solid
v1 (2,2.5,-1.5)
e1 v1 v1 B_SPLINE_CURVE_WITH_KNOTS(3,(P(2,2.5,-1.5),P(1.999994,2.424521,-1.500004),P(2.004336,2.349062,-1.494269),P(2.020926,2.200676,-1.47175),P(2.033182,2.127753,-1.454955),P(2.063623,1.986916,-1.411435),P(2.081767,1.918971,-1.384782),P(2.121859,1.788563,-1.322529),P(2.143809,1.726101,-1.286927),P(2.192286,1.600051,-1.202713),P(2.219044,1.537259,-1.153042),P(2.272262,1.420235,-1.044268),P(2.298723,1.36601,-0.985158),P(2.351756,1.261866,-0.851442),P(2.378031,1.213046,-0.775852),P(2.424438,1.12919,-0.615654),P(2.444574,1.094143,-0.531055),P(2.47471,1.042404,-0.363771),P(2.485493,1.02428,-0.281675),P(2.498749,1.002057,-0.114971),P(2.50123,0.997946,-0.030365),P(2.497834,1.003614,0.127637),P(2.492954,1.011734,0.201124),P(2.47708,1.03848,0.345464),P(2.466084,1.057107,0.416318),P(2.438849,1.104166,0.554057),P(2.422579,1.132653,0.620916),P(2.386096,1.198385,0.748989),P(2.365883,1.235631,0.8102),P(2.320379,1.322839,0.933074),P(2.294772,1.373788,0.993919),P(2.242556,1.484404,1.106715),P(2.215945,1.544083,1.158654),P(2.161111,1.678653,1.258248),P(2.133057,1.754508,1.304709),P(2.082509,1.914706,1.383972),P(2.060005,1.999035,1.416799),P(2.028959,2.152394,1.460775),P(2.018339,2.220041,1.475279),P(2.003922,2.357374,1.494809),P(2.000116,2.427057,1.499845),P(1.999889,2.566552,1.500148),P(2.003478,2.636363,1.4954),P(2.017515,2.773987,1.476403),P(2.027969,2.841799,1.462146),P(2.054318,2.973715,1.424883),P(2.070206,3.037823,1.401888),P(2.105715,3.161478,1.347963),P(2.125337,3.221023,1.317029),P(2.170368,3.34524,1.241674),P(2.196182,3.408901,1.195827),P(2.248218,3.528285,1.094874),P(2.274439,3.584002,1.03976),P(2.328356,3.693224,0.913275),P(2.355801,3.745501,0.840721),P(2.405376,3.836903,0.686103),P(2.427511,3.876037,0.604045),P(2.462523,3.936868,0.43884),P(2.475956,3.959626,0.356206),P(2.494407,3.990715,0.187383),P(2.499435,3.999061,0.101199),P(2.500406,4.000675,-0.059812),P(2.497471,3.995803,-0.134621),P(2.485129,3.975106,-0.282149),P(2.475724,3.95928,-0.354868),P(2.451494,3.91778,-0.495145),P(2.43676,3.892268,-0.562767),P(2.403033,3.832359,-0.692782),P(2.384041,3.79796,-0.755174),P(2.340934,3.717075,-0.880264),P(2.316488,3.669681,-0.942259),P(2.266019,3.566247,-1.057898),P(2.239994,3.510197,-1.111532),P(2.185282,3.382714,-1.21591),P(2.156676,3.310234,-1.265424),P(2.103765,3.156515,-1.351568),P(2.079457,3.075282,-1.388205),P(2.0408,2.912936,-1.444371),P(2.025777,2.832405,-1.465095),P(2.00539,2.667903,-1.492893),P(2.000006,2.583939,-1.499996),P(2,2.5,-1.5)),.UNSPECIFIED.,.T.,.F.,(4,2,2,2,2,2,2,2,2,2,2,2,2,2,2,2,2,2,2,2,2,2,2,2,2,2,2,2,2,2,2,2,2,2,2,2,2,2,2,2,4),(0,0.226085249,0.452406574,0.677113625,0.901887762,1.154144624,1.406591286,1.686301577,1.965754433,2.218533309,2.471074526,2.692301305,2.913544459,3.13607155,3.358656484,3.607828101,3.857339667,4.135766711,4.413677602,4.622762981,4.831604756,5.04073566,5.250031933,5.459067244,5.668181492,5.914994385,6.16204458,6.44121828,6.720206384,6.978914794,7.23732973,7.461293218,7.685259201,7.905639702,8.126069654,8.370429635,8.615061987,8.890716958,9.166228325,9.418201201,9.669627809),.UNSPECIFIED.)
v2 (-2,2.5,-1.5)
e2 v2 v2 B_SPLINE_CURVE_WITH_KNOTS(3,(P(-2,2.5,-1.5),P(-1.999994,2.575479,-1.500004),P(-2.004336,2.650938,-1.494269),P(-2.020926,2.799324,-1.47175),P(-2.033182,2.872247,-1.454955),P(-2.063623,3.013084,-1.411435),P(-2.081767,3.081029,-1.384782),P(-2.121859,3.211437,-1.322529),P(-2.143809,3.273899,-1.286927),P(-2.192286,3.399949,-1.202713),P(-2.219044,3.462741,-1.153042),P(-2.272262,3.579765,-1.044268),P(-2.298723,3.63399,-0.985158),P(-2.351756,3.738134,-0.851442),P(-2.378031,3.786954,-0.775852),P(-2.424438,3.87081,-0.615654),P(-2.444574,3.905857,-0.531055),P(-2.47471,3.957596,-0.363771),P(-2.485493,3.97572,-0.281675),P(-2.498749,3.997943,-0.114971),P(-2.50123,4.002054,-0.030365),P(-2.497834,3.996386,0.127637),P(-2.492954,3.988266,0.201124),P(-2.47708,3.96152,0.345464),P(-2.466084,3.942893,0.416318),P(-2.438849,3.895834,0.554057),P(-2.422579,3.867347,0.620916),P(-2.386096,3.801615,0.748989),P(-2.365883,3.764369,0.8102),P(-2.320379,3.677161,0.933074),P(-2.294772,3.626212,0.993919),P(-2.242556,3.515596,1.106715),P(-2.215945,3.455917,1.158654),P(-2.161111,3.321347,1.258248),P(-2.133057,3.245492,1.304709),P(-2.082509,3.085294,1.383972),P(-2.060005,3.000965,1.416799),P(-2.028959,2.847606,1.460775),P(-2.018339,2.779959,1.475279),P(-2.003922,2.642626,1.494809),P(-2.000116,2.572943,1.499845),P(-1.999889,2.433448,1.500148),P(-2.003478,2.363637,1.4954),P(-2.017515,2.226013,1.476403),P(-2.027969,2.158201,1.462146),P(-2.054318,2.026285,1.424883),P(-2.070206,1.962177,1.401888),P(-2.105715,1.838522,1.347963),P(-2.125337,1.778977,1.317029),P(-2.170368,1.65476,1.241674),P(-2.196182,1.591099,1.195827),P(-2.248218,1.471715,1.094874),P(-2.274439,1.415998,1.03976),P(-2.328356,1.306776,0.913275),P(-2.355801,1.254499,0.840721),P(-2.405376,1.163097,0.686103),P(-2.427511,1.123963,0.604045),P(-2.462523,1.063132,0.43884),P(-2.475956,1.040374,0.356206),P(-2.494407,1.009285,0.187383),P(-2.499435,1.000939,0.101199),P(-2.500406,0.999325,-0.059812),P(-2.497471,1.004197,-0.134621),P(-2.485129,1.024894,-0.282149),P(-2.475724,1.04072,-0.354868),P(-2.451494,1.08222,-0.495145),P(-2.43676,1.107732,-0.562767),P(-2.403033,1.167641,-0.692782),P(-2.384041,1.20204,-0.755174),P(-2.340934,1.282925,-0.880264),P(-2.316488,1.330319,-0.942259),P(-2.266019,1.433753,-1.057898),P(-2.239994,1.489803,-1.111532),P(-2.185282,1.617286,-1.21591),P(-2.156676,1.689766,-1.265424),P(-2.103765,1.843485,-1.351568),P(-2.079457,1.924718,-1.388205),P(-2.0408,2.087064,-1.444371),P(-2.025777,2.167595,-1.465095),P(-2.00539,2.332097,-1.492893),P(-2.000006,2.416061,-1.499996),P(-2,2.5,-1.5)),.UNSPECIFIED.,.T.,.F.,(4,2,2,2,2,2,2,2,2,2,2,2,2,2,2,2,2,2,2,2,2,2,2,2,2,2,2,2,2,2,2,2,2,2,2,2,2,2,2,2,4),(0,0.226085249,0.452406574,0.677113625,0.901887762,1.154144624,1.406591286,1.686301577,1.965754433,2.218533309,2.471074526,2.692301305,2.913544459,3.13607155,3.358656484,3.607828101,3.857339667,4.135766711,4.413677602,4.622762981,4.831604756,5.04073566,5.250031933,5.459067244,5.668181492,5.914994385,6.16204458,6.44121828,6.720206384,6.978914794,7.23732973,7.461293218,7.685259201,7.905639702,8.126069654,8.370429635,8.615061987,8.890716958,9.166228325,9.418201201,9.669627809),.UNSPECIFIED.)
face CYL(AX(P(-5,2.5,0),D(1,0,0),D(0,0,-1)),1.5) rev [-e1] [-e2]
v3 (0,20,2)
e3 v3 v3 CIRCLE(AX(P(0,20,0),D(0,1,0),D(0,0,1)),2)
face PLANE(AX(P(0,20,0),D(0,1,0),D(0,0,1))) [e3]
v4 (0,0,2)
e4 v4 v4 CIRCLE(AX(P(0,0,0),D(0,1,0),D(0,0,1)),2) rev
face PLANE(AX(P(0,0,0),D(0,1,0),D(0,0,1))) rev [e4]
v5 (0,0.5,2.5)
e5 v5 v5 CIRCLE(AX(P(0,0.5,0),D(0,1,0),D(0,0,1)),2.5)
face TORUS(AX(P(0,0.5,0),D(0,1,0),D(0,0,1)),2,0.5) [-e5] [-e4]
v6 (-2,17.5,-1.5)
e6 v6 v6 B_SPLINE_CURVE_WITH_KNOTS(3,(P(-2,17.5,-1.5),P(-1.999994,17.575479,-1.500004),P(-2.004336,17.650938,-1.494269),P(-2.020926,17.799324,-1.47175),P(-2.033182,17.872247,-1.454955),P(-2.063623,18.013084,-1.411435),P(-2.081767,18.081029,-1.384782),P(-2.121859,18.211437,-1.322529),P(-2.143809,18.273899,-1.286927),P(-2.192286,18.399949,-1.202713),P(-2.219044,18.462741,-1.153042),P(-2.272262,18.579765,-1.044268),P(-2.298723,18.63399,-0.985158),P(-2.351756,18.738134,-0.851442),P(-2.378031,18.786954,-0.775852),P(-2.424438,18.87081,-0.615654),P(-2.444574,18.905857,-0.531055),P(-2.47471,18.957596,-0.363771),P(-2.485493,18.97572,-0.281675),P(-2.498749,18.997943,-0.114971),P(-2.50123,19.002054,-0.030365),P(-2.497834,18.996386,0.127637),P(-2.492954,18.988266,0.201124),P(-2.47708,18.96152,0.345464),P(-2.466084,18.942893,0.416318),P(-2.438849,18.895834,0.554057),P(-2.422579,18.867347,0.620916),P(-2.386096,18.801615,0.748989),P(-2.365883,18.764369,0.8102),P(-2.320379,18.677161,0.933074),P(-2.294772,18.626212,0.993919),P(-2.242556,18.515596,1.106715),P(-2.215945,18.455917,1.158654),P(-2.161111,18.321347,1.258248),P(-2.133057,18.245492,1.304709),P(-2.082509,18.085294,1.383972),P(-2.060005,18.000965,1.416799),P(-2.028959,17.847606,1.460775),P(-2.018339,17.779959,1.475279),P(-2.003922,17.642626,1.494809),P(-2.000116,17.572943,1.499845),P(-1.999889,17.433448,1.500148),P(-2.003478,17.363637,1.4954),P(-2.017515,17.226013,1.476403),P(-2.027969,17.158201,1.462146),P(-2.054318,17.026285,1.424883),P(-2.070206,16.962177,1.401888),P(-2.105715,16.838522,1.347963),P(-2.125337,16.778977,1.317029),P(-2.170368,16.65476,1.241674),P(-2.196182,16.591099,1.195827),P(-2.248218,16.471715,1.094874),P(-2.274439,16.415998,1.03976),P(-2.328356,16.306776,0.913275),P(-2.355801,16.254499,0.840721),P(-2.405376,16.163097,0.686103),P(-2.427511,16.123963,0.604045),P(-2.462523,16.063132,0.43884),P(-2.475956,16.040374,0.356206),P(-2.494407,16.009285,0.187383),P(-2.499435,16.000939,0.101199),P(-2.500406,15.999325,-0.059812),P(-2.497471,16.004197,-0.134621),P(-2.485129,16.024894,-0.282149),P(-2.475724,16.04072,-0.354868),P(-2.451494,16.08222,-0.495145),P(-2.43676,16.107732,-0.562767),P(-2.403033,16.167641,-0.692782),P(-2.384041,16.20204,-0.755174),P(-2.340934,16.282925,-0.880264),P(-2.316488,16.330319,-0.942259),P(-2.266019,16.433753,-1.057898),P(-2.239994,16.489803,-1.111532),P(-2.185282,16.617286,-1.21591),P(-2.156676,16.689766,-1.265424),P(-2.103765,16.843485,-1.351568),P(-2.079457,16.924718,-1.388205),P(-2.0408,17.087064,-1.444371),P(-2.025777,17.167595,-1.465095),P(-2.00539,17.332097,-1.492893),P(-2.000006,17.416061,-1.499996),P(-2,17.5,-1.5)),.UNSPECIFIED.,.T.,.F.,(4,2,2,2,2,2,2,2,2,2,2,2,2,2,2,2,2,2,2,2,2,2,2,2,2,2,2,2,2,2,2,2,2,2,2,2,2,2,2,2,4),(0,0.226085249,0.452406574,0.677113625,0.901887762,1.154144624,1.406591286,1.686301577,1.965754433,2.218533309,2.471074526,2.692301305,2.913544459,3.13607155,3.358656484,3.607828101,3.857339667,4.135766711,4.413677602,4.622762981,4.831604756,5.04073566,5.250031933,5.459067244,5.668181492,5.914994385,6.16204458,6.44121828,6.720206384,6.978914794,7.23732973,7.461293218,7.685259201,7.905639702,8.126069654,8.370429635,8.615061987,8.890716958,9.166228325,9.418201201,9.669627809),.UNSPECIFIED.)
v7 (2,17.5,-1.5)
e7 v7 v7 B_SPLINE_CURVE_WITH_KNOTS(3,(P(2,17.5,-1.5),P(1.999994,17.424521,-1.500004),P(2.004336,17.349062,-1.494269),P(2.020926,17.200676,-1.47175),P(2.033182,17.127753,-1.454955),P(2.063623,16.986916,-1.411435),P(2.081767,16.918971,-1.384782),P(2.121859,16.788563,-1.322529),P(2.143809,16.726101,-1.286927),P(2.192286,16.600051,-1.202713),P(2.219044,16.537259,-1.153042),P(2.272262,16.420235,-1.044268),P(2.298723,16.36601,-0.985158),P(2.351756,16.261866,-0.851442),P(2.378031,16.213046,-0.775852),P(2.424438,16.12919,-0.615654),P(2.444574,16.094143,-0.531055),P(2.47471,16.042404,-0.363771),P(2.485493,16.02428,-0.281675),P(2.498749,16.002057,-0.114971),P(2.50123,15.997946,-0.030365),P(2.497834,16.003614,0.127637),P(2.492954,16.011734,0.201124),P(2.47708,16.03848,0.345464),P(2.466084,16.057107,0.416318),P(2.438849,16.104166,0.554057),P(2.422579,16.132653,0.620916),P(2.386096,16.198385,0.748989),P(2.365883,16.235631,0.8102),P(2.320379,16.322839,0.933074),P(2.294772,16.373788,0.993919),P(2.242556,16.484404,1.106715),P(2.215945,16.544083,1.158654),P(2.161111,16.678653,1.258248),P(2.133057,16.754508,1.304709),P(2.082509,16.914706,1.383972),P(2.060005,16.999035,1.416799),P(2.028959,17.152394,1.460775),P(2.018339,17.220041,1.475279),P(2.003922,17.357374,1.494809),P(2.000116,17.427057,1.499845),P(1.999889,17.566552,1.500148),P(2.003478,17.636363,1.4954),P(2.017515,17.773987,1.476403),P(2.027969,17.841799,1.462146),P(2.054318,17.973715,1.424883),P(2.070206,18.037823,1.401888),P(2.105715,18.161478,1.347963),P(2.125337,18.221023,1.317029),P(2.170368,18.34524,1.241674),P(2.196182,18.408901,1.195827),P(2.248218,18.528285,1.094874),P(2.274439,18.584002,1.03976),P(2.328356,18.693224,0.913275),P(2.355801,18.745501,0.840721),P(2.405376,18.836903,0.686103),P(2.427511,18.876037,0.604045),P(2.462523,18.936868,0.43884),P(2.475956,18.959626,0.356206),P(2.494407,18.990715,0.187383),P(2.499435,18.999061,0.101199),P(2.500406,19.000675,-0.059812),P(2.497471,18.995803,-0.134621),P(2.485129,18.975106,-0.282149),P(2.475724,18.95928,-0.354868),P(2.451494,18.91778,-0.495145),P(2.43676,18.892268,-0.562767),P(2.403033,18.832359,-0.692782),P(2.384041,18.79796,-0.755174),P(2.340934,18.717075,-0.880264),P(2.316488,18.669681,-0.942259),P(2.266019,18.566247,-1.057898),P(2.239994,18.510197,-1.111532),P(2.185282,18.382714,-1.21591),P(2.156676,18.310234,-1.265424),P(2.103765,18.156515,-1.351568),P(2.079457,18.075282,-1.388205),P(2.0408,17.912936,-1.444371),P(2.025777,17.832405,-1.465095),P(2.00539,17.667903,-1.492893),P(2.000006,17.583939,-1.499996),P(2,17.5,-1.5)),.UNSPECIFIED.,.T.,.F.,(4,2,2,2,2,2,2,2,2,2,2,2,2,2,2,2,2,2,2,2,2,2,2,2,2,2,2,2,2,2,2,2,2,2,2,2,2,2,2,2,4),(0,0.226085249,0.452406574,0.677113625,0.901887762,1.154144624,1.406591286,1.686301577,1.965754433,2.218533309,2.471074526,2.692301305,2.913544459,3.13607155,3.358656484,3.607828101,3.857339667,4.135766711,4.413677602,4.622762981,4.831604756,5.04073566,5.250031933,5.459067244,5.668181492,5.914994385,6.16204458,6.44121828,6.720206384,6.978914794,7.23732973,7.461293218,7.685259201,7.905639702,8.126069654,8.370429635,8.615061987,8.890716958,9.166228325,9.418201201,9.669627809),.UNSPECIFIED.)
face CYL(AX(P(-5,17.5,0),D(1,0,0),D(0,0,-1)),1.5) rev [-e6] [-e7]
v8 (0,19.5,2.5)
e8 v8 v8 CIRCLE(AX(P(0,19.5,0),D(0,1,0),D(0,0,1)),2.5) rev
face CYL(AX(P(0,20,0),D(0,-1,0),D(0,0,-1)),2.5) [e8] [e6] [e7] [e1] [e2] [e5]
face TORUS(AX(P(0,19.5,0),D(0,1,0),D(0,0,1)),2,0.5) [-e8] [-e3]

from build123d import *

# Parameters (mm, degrees)
SKETCH1_R           = 2.5
BOSS_EXTRUDE1_DEPTH = 20
SKETCH2_R           = 1.5
CUT_EXTRUDE1_DEPTH  = 5
FILLET1_R           = 0.5


with BuildPart() as part:
    # Sketch1 → Boss-Extrude1 (new body)
    with BuildSketch(Plane(origin=(0, 0, 0), x_dir=(1, 0, 0), z_dir=(0, 1, 0))):
        Circle(SKETCH1_R)
    extrude(amount=BOSS_EXTRUDE1_DEPTH)

    # Sketch2 → Cut-Extrude1 (cut, symmetric)
    with BuildSketch(Plane(origin=(0, 0, 0), x_dir=(0, 0, -1), z_dir=(1, 0, 0))):
        with Locations((0, 17.5)):
            Circle(SKETCH2_R)
        with Locations((0, 2.5)):
            Circle(SKETCH2_R)
    extrude(amount=CUT_EXTRUDE1_DEPTH, both=True, mode=Mode.SUBTRACT)

    # Fillet1
    fillet1_edges = [part.edges().sort_by_distance(p)[0] for p in [
        (-2.5, 0, 0),
        (-2.5, 20, 0),
    ]]
    fillet(fillet1_edges, radius=FILLET1_R)


solid = part.part
